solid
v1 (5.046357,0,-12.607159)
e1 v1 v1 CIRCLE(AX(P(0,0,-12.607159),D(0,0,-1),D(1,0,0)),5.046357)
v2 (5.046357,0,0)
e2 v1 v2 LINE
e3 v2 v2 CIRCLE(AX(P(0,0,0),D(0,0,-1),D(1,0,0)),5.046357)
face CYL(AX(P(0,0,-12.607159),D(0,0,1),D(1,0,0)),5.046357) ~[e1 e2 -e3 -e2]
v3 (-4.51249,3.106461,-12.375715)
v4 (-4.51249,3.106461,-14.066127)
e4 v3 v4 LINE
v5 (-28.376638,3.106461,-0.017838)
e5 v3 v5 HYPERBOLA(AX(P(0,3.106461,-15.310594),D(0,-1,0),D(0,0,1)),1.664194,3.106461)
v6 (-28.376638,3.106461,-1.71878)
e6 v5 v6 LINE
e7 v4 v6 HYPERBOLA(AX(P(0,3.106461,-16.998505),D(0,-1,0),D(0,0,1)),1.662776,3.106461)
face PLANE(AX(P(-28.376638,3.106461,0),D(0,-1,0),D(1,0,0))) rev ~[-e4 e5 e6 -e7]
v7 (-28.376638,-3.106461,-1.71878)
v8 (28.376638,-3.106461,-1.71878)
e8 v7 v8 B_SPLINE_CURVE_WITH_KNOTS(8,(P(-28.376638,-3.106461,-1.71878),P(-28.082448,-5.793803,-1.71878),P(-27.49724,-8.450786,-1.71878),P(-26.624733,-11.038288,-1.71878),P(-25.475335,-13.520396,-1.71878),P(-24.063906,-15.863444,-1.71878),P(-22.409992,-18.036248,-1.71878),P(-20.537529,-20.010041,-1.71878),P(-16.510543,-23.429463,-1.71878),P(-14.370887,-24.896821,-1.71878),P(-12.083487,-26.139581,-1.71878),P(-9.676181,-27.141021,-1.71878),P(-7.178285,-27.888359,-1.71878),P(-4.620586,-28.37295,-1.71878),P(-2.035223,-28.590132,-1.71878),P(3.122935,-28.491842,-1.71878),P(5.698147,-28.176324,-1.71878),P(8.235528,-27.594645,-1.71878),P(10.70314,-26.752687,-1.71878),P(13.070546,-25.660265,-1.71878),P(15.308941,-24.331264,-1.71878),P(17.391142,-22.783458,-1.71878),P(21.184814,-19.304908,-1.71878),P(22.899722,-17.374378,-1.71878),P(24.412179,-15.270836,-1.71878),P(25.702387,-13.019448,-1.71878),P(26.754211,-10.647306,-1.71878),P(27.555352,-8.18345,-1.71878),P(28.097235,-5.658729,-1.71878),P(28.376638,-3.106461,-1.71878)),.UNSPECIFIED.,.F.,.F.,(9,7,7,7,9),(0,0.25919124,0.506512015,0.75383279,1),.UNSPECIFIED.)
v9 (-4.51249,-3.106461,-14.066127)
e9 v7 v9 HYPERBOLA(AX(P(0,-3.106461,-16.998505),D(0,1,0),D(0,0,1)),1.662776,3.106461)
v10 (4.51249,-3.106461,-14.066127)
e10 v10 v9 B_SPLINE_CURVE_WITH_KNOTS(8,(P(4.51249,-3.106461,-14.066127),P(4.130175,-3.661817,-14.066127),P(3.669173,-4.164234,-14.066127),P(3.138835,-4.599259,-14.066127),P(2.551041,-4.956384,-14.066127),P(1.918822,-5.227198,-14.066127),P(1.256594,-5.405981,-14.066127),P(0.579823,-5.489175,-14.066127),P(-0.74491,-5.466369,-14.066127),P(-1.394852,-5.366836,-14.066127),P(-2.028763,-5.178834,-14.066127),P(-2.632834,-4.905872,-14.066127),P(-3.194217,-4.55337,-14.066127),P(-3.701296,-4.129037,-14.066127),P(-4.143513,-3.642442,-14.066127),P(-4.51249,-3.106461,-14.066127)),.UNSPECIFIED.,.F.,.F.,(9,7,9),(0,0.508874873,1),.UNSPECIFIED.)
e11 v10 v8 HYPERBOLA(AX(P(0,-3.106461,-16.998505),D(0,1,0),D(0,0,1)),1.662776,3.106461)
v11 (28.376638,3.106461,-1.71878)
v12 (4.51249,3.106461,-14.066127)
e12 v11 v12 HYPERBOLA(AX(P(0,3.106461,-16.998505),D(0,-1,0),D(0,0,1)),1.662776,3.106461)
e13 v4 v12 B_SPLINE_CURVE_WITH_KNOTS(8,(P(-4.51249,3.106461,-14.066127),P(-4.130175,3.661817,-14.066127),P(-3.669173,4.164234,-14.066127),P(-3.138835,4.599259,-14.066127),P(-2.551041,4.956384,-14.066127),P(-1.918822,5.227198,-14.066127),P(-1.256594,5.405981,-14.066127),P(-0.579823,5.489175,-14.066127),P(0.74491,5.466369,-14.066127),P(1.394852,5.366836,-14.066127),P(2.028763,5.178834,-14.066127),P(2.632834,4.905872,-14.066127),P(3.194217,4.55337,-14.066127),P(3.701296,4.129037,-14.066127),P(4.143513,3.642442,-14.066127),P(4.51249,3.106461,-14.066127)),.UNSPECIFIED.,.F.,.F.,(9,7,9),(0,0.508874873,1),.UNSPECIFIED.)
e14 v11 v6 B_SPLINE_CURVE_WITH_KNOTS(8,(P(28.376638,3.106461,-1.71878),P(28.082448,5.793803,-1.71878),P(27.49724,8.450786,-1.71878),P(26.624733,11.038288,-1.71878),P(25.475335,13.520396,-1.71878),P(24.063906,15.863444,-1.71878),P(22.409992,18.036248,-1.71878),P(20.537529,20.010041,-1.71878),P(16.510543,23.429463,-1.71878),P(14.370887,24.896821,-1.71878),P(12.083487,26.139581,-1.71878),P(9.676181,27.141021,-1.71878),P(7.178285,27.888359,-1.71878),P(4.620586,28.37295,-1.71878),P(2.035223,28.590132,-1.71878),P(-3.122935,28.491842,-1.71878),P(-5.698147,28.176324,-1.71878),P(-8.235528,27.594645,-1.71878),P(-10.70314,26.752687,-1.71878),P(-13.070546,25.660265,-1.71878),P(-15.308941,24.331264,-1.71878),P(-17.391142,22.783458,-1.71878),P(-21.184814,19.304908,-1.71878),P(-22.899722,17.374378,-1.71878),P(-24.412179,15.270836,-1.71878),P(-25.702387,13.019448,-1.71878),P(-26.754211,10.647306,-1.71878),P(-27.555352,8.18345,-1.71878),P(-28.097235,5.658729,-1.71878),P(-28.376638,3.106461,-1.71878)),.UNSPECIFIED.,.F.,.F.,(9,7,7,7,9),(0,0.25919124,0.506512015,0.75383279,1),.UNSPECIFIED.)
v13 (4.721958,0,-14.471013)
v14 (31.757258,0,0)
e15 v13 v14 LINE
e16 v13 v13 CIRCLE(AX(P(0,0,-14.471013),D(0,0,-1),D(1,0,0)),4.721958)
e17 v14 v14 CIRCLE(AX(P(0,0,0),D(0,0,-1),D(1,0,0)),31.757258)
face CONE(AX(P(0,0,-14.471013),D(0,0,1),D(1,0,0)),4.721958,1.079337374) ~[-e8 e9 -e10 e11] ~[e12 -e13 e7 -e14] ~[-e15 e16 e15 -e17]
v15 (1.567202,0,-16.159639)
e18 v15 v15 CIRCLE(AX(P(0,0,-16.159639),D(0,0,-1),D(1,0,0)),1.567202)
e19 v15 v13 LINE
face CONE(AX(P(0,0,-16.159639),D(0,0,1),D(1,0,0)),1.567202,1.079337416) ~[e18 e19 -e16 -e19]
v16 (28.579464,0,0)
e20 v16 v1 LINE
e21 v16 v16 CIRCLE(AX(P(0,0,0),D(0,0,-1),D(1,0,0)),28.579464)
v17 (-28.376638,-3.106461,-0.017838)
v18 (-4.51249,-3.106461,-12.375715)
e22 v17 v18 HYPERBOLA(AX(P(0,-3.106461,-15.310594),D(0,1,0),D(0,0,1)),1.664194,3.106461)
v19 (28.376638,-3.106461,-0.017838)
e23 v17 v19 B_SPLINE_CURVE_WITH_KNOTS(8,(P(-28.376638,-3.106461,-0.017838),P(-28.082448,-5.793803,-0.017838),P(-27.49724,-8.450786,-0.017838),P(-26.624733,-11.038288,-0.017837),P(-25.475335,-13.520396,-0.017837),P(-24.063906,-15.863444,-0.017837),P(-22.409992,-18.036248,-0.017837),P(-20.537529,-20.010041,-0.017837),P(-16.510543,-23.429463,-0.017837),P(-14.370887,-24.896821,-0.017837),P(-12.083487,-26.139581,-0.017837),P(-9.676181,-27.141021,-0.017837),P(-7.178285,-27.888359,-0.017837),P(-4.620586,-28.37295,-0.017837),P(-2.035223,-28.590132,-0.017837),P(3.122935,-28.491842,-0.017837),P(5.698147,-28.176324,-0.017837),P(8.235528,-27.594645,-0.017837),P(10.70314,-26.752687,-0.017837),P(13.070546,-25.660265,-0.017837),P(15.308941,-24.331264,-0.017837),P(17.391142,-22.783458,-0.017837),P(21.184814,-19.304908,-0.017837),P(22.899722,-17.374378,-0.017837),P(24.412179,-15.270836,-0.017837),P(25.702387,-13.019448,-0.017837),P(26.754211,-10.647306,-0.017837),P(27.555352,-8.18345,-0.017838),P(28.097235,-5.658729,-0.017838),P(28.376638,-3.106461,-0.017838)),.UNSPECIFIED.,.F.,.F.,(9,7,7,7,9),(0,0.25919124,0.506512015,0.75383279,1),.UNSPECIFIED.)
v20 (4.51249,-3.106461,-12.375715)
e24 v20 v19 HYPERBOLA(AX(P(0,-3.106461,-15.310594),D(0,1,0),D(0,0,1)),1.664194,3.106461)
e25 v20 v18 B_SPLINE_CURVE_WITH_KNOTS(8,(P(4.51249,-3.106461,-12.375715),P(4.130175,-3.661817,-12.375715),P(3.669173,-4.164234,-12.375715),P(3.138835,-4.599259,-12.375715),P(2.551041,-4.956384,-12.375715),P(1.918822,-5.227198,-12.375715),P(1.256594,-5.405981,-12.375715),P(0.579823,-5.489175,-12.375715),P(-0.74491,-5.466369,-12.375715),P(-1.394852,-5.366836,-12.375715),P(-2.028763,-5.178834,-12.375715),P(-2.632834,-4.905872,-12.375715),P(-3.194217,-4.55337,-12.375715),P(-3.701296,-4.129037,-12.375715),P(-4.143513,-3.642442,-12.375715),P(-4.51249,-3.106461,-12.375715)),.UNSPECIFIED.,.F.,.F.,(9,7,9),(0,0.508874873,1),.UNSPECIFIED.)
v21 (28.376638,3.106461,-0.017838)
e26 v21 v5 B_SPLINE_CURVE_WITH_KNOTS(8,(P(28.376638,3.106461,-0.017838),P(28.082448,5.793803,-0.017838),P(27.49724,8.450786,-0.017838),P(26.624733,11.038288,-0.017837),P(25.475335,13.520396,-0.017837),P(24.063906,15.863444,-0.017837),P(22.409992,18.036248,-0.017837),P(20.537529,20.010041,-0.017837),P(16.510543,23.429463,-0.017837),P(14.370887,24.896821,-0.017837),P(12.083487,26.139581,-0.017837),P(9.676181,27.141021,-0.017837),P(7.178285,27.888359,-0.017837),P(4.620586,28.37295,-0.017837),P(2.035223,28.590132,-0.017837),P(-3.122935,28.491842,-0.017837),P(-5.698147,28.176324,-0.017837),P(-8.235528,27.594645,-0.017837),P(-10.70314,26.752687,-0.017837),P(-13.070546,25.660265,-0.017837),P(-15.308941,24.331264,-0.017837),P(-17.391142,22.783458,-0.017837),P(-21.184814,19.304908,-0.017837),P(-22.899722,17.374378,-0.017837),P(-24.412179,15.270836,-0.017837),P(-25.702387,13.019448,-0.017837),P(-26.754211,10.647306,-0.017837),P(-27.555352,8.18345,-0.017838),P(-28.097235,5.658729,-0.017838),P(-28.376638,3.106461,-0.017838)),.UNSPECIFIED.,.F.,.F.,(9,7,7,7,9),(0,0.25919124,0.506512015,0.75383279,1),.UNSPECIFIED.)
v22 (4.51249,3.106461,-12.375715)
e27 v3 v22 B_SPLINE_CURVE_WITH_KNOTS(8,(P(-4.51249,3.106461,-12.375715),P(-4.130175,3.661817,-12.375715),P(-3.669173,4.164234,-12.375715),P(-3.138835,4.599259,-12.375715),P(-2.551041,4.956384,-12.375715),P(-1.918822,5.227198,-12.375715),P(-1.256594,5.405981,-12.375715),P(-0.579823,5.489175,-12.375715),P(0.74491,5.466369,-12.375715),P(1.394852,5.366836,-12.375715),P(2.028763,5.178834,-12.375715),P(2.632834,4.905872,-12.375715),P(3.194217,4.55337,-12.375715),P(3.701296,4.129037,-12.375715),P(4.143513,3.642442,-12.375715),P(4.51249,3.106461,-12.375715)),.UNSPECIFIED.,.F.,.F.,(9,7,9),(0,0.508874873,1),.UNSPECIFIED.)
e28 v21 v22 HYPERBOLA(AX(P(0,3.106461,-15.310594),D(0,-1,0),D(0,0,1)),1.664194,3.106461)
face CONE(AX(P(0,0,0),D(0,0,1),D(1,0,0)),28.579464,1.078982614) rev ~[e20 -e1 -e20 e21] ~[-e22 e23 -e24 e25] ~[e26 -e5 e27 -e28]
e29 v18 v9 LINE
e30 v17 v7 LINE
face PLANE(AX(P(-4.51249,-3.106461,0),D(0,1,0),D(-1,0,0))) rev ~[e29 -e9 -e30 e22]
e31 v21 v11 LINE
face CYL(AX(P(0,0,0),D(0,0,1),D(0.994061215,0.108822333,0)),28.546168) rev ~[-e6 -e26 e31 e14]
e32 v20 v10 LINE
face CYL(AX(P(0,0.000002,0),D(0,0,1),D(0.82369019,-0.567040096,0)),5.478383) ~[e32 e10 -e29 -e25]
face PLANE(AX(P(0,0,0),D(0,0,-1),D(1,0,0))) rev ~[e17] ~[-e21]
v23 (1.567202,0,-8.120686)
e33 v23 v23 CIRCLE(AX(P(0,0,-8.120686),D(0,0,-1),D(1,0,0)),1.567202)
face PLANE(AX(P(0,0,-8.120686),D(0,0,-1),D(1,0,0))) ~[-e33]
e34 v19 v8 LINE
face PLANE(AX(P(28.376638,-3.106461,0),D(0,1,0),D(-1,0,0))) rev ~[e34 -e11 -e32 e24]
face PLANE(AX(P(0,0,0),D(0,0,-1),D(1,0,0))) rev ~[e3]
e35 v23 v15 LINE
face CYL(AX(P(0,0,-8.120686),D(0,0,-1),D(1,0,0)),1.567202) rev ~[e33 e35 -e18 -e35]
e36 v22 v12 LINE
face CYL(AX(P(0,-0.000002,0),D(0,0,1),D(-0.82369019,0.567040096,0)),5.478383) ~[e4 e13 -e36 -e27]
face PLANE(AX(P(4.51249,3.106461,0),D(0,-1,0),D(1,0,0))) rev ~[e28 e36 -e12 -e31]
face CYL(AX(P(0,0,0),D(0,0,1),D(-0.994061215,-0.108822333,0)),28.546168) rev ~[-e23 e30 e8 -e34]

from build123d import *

# Parameters (mm, degrees)
F3_DEPTH = 25.4


with BuildPart() as f1:
    # F0 (on Front) → F1 (revolve)
    with BuildSketch(Plane.XZ):
        Polygon((4.520118, 0), (0, 0), (0, -7.362884), (0, -8.120686), (1.567202, -8.120686), (1.567202, -14.471013), (1.567202, -16.159639), (4.721958, -14.471013), (31.757258, 0), (28.579464, 0), (5.046357, -12.607159), (5.046357, 0), align=None)
    revolve(axis=Axis((0, 0, -4.060343), (0, 0, -1)))

    # F2 (on Top) → F3 (cut)
    with BuildSketch(Plane.XY):
        with BuildLine():
            ThreePointArc((-4.51249, 3.106461), (0, 5.478381), (4.51249, 3.106461))
            Line((4.51249, 3.106461), (28.376638, 3.106461))
            ThreePointArc((28.376638, 3.106461), (0, 28.546168), (-28.376638, 3.106461))
            Line((-28.376638, 3.106461), (-4.51249, 3.106461))
        make_face()
        with BuildLine():
            Line((28.376638, -3.106461), (4.51249, -3.106461))
            ThreePointArc((4.51249, -3.106461), (0, -5.478381), (-4.51249, -3.106461))
            Line((-4.51249, -3.106461), (-28.376638, -3.106461))
            ThreePointArc((-28.376638, -3.106461), (0, -28.546168), (28.376638, -3.106461))
        make_face()
    extrude(amount=-F3_DEPTH, mode=Mode.SUBTRACT)


solid = f1.part
